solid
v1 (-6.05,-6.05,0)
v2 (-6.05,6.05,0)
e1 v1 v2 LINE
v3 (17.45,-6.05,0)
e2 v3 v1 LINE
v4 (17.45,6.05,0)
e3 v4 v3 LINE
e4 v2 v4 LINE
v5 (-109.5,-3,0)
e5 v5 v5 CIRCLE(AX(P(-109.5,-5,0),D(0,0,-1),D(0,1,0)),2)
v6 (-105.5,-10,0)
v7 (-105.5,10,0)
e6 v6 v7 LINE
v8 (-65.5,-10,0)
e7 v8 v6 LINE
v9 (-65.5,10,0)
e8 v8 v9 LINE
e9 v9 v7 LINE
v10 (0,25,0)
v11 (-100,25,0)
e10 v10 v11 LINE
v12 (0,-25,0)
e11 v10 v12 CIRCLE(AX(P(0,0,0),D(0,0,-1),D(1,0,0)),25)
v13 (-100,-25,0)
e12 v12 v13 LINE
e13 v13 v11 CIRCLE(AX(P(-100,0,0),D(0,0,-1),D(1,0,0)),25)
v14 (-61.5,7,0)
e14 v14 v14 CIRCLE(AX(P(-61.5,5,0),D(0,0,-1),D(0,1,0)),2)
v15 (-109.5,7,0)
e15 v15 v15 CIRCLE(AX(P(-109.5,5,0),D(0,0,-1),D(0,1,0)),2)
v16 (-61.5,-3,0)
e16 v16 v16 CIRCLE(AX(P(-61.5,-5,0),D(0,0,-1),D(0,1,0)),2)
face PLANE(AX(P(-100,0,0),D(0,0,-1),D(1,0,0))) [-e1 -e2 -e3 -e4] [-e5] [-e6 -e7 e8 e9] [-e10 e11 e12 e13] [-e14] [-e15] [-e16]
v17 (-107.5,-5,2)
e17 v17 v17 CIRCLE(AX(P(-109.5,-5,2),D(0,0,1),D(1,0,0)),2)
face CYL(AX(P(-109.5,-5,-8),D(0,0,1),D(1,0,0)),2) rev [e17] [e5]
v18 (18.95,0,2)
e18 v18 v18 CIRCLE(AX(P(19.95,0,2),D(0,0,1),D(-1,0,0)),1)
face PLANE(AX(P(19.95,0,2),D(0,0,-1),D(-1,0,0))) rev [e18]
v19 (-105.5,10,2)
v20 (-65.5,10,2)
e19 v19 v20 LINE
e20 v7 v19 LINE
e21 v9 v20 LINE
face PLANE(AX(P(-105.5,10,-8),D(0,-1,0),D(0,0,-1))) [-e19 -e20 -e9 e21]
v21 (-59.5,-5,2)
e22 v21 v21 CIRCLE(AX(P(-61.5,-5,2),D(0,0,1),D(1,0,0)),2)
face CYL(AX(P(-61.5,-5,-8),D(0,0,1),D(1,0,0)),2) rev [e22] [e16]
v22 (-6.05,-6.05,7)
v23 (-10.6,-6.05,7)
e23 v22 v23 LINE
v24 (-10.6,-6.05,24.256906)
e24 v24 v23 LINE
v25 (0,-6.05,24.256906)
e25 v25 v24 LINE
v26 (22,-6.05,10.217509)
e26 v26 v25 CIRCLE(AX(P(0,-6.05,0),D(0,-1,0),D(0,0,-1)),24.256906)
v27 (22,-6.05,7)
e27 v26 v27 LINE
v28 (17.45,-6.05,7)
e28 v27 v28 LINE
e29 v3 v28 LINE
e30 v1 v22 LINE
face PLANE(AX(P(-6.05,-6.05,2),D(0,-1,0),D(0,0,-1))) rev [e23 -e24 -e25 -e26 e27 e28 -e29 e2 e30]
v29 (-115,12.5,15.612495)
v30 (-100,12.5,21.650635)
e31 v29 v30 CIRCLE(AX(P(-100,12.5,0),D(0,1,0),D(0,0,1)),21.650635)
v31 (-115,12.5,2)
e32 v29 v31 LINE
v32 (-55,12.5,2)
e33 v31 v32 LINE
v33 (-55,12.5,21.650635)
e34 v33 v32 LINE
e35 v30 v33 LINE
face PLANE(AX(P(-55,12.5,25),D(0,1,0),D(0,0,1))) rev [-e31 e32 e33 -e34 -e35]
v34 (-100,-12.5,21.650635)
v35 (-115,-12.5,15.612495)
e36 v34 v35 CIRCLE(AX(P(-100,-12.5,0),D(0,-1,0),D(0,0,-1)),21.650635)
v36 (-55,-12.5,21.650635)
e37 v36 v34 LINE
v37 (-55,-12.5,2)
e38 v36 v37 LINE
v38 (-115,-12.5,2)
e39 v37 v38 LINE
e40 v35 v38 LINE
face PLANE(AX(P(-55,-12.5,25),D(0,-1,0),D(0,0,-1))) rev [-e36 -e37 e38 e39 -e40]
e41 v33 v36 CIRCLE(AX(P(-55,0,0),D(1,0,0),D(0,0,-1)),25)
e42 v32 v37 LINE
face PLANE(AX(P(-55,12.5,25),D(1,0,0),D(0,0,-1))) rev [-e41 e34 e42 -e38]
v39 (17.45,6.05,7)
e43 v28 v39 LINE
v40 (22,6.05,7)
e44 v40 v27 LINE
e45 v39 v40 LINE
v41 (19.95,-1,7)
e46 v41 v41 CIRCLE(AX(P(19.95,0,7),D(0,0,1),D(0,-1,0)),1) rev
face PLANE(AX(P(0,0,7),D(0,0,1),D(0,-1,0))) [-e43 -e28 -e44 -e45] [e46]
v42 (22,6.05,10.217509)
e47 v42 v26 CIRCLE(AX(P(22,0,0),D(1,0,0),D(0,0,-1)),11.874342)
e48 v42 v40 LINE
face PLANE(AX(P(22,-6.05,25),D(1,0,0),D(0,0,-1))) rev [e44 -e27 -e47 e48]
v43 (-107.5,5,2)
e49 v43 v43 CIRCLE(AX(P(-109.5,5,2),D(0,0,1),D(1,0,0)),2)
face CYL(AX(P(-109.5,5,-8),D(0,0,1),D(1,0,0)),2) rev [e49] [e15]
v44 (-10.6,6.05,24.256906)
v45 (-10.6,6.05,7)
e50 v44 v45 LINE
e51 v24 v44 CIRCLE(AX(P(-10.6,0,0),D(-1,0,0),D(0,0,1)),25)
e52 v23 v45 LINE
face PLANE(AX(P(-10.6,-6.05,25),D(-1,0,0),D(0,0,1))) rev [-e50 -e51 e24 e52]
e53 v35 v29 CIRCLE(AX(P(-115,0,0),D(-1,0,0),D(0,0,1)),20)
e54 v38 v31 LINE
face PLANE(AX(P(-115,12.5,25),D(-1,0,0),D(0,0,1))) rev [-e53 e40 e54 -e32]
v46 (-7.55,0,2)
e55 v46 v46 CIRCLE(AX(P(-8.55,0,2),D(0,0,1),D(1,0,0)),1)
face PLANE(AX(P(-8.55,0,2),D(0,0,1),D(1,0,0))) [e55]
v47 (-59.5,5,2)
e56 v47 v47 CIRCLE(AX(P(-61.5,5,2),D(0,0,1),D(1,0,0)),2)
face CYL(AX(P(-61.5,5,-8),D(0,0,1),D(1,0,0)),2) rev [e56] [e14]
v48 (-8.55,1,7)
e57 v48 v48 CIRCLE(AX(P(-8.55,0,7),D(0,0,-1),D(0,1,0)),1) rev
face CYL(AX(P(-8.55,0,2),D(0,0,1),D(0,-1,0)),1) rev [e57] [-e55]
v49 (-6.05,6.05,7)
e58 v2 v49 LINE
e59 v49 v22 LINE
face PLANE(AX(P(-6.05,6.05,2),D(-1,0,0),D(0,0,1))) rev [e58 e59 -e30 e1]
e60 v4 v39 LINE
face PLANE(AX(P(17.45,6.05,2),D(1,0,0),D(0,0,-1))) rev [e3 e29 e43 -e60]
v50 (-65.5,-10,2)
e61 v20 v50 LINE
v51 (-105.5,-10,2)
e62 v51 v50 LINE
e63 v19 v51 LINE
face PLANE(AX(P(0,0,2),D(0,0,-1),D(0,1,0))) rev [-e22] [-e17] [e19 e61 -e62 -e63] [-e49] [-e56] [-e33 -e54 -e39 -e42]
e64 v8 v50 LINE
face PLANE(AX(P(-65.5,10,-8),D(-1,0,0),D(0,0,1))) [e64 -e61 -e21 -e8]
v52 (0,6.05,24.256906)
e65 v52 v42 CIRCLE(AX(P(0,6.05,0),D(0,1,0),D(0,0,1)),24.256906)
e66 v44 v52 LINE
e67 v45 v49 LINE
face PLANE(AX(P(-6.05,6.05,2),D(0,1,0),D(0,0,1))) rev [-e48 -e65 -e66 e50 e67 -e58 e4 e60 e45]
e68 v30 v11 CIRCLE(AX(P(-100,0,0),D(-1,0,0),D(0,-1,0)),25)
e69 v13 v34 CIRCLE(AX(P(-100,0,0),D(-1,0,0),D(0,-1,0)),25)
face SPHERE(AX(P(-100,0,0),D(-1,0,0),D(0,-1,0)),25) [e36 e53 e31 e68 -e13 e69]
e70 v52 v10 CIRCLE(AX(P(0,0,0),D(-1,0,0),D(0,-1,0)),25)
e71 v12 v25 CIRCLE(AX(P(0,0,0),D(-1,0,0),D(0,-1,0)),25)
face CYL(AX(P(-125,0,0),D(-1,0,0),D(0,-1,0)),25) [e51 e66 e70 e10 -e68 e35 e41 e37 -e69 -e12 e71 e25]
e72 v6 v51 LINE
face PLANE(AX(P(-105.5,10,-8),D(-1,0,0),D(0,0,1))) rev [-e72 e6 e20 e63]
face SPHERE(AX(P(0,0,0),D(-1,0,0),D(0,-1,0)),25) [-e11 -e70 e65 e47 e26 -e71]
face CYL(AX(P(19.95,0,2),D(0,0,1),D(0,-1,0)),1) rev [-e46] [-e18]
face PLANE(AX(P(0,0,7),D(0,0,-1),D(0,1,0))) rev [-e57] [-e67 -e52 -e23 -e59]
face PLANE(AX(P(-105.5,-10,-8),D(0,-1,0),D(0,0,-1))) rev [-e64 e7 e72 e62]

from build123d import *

# Parameters (mm, degrees)
REVOLVE1_ANGLE                  = 180
CUT_EXTRUDE3_START              = -2
SKETCH3_W                       = 60
SKETCH3_H                       = 25
CUT_EXTRUDE3_DEPTH              = 24
SKETCH7_R                       = 2
SKETCH7_W                       = 40
SKETCH7_H                       = 20
SKETCH7_R_2                     = 3
CUT_EXTRUDE8_DEPTH              = 10
CUT_EXTRUDE13_START             = 25
SKETCH16_R                      = 1
SKETCH16_W                      = 23.5
SKETCH16_H                      = 12.1
CUT_EXTRUDE13_DEPTH             = 23
CUT_EXTRUDE14_START             = -7
SKETCH18_W                      = 4.55
SKETCH18_H                      = 12.1
CUT_EXTRUDE14_DEPTH             = 19.0000001
SKETCH19_R                      = 2.5
CUT_EXTRUDE15_DEPTH             = 3
SKIZZE1_R                       = 4.489769008
SCHNITT_LINEAR_AUSTRAGEN1_DEPTH = 10
SKIZZE2_W                       = 23.5
SKIZZE2_H                       = 12.1
SCHNITT_LINEAR_AUSTRAGEN2_DEPTH = 10


with BuildPart() as part:
    # Sketch1 → Revolve1 (revolve)
    with BuildSketch(Plane.XY):
        with BuildLine():
            Line((-125, 0), (25, 0))
            ThreePointArc((25, 0), (17.67766953, 17.67766953), (0, 25))
            Line((0, 25), (-100, 25))
            ThreePointArc((-100, 25), (-117.67766953, 17.67766953), (-125, 0))
        make_face()
    revolve(axis=Axis((-125, 0, 0), (1, 0, 0)), revolution_arc=REVOLVE1_ANGLE)

    # Sketch3 → Cut-Extrude3 (cut, through all)
    with BuildSketch(Plane(origin=(0, 0, 0), x_dir=(-1, 0, 0), z_dir=(0, 0, -1)).offset(CUT_EXTRUDE3_START)):
        with Locations((85, 0)):
            Rectangle(SKETCH3_W, SKETCH3_H)
    extrude(amount=-CUT_EXTRUDE3_DEPTH, mode=Mode.SUBTRACT)

    # Sketch7 → Cut-Extrude8 (cut)
    with BuildSketch(Plane.XY.offset(2)):
        with Locations((-109.5, 5)):
            Circle(SKETCH7_R)
        with Locations((-61.5, 5)):
            Circle(SKETCH7_R)
        with Locations((-109.5, -5)):
            Circle(SKETCH7_R)
        with Locations((-61.5, -5)):
            Circle(SKETCH7_R)
        with Locations((-85.5, 0)):
            Rectangle(SKETCH7_W, SKETCH7_H)
        with Locations((-95.5, -0.25)):
            Circle(SKETCH7_R_2, mode=Mode.SUBTRACT)
    extrude(amount=-CUT_EXTRUDE8_DEPTH, mode=Mode.SUBTRACT)

    # Sketch16 → Cut-Extrude13 (cut)
    with BuildSketch(Plane.XY.offset(CUT_EXTRUDE13_START)):
        with Locations((-8.55, 0)):
            Circle(SKETCH16_R)
        with Locations((19.95, 0)):
            Circle(SKETCH16_R)
        with Locations((5.7, 0)):
            Rectangle(SKETCH16_W, SKETCH16_H)
    extrude(amount=-CUT_EXTRUDE13_DEPTH, mode=Mode.SUBTRACT)

    # Sketch18 → Cut-Extrude14 (cut, through all)
    with BuildSketch(Plane(origin=(0, 0, 0), x_dir=(-1, 0, 0), z_dir=(0, 0, -1)).offset(CUT_EXTRUDE14_START)):
        with Locations((-19.725, 0)):
            Rectangle(SKETCH18_W, SKETCH18_H)
        with Locations((8.325, 0)):
            Rectangle(SKETCH18_W, SKETCH18_H)
    extrude(amount=-CUT_EXTRUDE14_DEPTH, mode=Mode.SUBTRACT)

    # Sketch19 → Cut-Extrude15 (cut, through all)
    with BuildSketch(Plane.XY.offset(2)):
        with Locations((11, 0)):
            Circle(SKETCH19_R)
    extrude(amount=-CUT_EXTRUDE15_DEPTH, mode=Mode.SUBTRACT)

    # Skizze1 → Schnitt-Linear austragen1 (cut)
    with BuildSketch(Plane.XY.offset(2)):
        with Locations((-95.5, -0.25)):
            Circle(SKIZZE1_R)
    extrude(amount=-SCHNITT_LINEAR_AUSTRAGEN1_DEPTH, mode=Mode.SUBTRACT)

    # Skizze2 → Schnitt-Linear austragen2 (cut)
    with BuildSketch(Plane.XY.offset(2)):
        with Locations((5.7, 0)):
            Rectangle(SKIZZE2_W, SKIZZE2_H)
    extrude(amount=-SCHNITT_LINEAR_AUSTRAGEN2_DEPTH, mode=Mode.SUBTRACT)


solid = part.part
